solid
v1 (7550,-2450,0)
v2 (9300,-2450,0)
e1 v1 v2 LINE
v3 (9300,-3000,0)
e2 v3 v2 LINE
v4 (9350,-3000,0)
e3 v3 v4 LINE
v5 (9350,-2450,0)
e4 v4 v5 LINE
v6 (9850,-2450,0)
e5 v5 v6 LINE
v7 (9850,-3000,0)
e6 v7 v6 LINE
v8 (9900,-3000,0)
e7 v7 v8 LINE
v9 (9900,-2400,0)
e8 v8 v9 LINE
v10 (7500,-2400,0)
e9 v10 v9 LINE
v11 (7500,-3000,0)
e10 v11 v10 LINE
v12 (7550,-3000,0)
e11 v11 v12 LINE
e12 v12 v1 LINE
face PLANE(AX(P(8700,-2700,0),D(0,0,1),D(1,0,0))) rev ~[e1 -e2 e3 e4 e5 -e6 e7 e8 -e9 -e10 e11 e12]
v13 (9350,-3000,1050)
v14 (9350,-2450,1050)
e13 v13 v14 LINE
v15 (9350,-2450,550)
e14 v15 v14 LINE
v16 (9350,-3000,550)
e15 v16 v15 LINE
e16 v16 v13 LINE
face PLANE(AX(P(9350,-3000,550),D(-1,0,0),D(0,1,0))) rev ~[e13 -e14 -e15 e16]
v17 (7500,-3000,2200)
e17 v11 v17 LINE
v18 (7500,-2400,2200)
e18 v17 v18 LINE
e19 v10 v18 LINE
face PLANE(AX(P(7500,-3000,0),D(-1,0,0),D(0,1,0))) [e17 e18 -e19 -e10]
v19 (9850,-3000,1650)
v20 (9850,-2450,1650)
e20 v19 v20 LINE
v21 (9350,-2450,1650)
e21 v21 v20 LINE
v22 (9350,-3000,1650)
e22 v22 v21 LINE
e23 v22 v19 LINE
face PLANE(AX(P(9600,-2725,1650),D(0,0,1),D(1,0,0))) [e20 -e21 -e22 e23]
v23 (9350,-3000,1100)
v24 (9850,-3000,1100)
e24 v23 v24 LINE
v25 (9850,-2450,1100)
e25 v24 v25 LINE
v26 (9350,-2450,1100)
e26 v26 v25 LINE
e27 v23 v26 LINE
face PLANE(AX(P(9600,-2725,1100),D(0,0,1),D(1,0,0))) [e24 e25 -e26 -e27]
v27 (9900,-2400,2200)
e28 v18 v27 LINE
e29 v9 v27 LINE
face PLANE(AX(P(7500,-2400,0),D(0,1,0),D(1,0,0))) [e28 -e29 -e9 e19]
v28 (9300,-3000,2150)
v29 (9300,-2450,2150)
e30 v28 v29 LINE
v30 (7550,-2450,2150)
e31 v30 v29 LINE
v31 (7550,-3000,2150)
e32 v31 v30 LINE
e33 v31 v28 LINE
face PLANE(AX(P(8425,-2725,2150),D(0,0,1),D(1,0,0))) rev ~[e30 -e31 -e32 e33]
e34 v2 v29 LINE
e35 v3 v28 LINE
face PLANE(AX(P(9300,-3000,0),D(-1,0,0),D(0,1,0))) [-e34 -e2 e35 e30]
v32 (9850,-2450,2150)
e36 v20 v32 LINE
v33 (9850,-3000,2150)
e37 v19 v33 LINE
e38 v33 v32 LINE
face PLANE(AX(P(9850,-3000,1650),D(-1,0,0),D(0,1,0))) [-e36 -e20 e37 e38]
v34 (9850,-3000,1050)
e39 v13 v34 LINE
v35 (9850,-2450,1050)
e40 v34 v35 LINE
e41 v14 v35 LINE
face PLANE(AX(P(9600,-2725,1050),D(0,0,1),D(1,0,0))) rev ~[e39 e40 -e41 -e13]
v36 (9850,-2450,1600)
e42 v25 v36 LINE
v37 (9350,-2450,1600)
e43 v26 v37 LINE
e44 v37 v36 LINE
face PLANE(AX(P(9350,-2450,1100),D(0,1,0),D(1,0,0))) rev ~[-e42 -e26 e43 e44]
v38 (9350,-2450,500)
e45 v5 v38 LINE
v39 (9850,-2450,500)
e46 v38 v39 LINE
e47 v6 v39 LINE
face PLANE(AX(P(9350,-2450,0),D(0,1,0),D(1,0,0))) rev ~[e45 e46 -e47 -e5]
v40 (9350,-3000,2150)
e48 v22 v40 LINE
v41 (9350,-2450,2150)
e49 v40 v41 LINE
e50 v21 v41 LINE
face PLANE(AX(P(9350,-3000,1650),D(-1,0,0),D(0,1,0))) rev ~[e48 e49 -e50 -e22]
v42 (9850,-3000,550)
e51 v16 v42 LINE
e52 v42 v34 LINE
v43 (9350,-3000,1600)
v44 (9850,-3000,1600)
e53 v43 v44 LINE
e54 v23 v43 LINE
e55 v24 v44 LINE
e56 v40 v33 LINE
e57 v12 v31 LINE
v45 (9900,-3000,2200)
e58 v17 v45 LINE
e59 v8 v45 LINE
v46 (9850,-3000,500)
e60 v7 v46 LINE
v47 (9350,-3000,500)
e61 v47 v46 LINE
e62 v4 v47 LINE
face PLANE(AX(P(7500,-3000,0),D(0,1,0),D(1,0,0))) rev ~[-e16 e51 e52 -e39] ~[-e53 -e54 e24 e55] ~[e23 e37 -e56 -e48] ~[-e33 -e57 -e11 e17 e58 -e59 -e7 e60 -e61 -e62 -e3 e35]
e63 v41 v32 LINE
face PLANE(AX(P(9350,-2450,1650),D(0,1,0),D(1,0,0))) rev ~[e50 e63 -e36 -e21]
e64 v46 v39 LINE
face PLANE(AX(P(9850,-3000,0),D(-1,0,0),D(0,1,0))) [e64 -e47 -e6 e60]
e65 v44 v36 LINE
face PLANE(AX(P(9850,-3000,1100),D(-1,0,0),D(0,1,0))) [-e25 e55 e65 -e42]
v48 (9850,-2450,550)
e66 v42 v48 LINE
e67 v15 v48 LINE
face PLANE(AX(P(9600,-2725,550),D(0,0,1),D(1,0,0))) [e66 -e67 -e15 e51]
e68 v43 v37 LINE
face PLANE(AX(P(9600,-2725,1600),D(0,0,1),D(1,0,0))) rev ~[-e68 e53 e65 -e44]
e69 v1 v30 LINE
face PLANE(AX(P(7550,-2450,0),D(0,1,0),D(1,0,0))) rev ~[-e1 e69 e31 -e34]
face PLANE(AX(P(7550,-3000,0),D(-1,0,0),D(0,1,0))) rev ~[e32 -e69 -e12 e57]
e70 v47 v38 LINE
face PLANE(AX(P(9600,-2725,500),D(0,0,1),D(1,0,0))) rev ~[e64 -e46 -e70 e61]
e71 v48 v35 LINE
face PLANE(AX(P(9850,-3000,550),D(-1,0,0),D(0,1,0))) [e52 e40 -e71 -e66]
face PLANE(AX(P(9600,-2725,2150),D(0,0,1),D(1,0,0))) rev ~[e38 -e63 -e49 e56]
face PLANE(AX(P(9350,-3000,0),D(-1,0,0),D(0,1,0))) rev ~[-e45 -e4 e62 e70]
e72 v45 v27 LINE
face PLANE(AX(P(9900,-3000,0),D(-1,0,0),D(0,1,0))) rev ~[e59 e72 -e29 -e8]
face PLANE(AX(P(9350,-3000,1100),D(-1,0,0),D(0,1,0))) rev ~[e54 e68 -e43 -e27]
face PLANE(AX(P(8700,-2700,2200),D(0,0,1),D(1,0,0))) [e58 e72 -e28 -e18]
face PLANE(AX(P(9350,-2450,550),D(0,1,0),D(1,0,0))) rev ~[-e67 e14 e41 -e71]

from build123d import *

# Parameters (mm, degrees)
BOX3575_W        = 1750
BOX3575_H        = 550
BOX3575_DEPTH    = 2150
BOX3574_W        = 500
BOX3574_H        = 550
BOX3574_DEPTH    = 500
ARRAY291_Z_COUNT = 4
ARRAY291_Z_PITCH = 550
BOX3573_W        = 2400
BOX3573_H        = 600
BOX3573_DEPTH    = 2200


with BuildPart() as box3575:
    # Box3575 → Box3575 (new body)
    with BuildSketch(Plane(origin=(7550, -3000, 0), x_dir=(1, 0, 0), z_dir=(0, 0, 1))):
        with Locations((875, 275)):
            Rectangle(BOX3575_W, BOX3575_H)
    extrude(amount=BOX3575_DEPTH)


with BuildPart() as array291:
    # Box3574 → Box3574 (new body)
    with BuildSketch(Plane(origin=(9350, -3000, 0), x_dir=(1, 0, 0), z_dir=(0, 0, 1))):
        with Locations((250, 275)):
            Rectangle(BOX3574_W, BOX3574_H)
    extrude(amount=BOX3574_DEPTH)

    # Array291 Z: Array291 ×4


with BuildPart() as array291_1:
    add(array291.part)
    with Locations(*[(0, 0, i * ARRAY291_Z_PITCH) for i in range(1, ARRAY291_Z_COUNT)]):
        add(array291.part)


with BuildPart() as cut009:
    # Box3573 → Box3573 (new body)
    with BuildSketch(Plane(origin=(7500, -3000, 0), x_dir=(1, 0, 0), z_dir=(0, 0, 1))):
        with Locations((1200, 300)):
            Rectangle(BOX3573_W, BOX3573_H)
    extrude(amount=BOX3573_DEPTH)

    # Cut008: cut Array291
    add(array291_1.part, mode=Mode.SUBTRACT)

    # Cut009: cut Box3575
    add(box3575.part, mode=Mode.SUBTRACT)


solid = cut009.part
